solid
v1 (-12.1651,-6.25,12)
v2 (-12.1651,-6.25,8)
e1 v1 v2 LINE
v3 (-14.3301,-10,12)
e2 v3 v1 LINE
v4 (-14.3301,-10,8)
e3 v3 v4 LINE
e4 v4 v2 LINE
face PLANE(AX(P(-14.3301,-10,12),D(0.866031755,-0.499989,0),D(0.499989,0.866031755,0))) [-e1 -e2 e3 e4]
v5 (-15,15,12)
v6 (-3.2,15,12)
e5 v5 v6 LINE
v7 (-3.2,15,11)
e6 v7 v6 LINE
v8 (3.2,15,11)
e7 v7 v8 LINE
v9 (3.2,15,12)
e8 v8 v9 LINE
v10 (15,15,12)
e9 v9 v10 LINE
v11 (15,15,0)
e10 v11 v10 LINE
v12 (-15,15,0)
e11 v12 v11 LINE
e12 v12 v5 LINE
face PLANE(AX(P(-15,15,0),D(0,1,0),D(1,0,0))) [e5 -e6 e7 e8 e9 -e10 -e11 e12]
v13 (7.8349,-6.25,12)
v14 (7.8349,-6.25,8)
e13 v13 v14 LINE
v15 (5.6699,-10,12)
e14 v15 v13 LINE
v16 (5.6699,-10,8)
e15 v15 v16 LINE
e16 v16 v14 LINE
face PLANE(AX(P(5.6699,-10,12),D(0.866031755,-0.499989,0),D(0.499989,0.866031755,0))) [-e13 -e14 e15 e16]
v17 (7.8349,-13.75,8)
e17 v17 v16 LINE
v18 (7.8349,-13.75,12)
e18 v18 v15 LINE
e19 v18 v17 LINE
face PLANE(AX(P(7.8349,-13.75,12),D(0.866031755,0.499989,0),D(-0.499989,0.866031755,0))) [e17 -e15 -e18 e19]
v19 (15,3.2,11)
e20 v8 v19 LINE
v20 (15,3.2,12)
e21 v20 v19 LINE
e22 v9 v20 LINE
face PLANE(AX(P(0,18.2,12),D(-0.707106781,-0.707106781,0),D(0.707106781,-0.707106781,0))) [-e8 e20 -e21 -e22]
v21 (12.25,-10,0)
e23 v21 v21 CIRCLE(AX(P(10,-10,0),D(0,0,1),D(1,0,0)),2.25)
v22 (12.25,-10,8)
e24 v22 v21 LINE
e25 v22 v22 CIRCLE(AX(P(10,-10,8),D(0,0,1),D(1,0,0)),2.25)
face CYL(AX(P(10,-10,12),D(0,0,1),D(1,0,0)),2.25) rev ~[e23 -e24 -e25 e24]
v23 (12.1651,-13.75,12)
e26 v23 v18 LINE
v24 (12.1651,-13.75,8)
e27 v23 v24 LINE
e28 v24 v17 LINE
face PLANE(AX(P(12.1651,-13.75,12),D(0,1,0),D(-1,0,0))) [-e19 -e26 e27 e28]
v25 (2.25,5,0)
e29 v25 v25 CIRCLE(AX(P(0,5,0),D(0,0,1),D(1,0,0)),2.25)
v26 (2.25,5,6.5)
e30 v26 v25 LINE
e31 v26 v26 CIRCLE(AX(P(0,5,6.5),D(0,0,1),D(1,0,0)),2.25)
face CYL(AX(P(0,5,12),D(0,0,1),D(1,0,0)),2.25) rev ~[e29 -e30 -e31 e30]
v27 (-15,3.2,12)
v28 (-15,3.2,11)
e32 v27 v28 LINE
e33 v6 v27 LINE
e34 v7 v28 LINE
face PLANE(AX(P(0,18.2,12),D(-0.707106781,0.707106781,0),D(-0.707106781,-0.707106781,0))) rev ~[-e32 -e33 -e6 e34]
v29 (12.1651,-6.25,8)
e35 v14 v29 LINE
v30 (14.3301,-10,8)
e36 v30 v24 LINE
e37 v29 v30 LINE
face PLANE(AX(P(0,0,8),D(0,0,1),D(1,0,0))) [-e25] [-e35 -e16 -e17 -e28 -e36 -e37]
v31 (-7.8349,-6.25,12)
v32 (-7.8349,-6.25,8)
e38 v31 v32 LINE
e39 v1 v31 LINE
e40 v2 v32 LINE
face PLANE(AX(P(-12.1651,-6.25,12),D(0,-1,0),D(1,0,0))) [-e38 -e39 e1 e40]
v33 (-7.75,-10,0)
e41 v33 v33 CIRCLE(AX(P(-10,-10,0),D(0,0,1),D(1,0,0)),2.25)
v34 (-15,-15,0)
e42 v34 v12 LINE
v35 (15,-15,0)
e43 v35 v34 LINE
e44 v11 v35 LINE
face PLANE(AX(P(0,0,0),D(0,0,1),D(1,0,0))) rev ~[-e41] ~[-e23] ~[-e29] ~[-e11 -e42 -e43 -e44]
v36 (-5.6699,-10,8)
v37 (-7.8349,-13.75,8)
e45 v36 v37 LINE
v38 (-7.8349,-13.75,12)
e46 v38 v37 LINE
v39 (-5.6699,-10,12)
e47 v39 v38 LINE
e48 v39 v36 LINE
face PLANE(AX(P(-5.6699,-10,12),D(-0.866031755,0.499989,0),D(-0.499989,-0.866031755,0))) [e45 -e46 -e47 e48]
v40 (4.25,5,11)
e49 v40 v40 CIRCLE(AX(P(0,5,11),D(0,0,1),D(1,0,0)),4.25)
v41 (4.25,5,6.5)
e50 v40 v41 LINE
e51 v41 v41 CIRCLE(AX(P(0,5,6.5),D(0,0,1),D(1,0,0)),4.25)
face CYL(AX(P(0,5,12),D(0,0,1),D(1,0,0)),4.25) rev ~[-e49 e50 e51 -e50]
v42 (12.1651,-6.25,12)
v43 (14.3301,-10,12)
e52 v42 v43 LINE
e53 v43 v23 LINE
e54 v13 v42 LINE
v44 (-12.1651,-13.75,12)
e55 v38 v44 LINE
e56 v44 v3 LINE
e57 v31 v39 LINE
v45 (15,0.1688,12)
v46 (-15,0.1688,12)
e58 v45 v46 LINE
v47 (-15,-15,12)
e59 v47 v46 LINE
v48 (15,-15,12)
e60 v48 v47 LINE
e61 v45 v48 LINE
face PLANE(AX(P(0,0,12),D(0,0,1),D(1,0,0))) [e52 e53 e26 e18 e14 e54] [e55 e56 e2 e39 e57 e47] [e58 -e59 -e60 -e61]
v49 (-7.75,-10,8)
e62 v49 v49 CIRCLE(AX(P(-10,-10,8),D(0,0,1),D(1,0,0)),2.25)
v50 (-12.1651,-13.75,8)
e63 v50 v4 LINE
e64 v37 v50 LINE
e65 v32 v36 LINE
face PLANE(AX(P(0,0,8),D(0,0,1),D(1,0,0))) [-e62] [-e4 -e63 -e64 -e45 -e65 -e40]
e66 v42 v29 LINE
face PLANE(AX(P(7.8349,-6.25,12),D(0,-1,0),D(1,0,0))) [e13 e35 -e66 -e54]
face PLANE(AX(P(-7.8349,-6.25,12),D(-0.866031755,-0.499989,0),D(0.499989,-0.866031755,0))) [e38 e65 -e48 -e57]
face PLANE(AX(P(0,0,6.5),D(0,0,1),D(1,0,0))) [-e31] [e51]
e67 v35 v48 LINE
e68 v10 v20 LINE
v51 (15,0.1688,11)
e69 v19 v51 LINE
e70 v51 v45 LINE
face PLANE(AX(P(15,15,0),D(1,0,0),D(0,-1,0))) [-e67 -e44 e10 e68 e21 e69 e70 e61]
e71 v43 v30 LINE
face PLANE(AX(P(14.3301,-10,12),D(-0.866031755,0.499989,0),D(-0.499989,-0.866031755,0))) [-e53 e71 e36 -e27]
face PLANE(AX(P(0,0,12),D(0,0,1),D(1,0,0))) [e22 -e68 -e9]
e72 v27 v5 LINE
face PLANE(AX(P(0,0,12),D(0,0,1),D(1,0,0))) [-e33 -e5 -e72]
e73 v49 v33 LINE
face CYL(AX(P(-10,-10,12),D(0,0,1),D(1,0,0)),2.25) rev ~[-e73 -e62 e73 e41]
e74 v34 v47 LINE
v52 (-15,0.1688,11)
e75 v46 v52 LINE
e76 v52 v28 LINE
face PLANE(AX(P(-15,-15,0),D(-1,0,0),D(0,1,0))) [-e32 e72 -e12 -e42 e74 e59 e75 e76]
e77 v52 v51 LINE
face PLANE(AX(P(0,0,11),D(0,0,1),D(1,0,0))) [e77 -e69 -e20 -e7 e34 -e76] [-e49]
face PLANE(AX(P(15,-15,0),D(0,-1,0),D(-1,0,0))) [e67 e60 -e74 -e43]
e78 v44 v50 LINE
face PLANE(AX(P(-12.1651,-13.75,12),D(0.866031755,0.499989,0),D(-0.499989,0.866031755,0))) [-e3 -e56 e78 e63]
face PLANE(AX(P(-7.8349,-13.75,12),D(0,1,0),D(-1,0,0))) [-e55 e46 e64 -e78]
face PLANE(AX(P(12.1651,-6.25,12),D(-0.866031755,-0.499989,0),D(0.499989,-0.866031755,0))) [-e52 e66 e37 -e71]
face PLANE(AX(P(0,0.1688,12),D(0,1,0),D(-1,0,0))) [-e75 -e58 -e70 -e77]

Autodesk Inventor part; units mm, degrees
ref_plane "YZ Plane" through (0, 0, 0) normal (1, 0, 0) x (0, 1, 0)
ref_plane "XZ Plane" through (0, 0, 0) normal (0, 1, 0) x (-1, 0, 0)
ref_plane "XY Plane" through (0, 0, 0) normal (0, 0, 1) x (1, 0, 0)
sketch "Sketch1" plane through (0, 0, 0) normal (0, 0, 1) x (1, 0, 0)
  line L0 (-15, 15) -> (15, 15)
  line L1 (15, 15) -> (15, -15)
  line L2 (15, -15) -> (-15, -15)
  line L3 (-15, -15) -> (-15, 15)
  point P0 (0, 0)
  dimension "d0" = 30
  dimension "d1" = 30
  dimension "d2" = 15
  dimension "d3" = 15
extrude "Extrusion1" add sketch "Sketch1" along normal blind 12
sketch "Sketch2" plane through (0, 0, 12) normal (0, 0, 1) x (1, 0, 0)
  circle A0 centre (0, 5) radius 2.25
  line L0 (15, 15) -> (-15, 15) projected
  dimension "d34" = 4.5
  dimension "d35" = 10
extrude "Extrusion2" cut sketch "Sketch2" against normal blind 12
sketch "Sketch3" plane through (0, 0, 12) normal (0, 0, 1) x (1, 0, 0)
  circle A0 centre (0, 5) radius 4.25
  line L0 (15, 15) -> (-15, 15) projected
  dimension "d32" = 8.5
  dimension "d33" = 10
extrude "Extrusion3" cut sketch "Sketch3" against normal blind 5.5
sketch "Sketch4" plane through (0, 0, 12) normal (0, 0, 1) x (1, 0, 0)
  line L0 (0, 0) -> (0, 18.2)
  line L1 (0, 18.2) -> (-18.0312, 0.1688)
  line L2 (0, 18.2) -> (18.0312, 0.1688)
  line L3 (0, 18.2) -> (25.5, 18.2) construction
  line L4 (18.0312, 0.1688) -> (-18.0312, 0.1688)
  dimension "d12" = 18.2
  dimension "d13" = 25.5
  dimension "d14" = 45
  dimension "d26" = 25.5
  dimension "d27" = 45
extrude "Extrusion4" cut sketch "Sketch4" against normal blind 1
sketch "Sketch5" plane through (0, 0, 12) normal (0, 0, 1) x (1, 0, 0)
  circle A0 centre (10, -10) radius 2.25
  line L0 (-15, -15) -> (15, -15) projected
  line L1 (15, -15) -> (15, 15) projected
  circle A1 centre (-10, -10) radius 2.25
  line L2 (-15, 0.1688) -> (-15, -15) projected
  point P0 (0, 0)
  point P1 (15, 0.3223)
  point P2 (-15, 0.3223)
  dimension "d18" = 4.5
  dimension "d19" = 5
  dimension "d20" = 5
  dimension "d21" = 4.5
  dimension "d22" = 5
  dimension "d23" = 5
extrude "Extrusion5" cut sketch "Sketch5" against normal blind 12
sketch "Sketch6" plane through (0, 0, 12) normal (0, 0, 1) x (1, 0, 0)
  circle A0 centre (-10, -10) radius 2.25 projected
  line L0 (-12.1651, -13.75) -> (-14.3301, -10)
  line L1 (-14.3301, -10) -> (-12.1651, -6.25)
  line L2 (-12.1651, -6.25) -> (-7.8349, -6.25)
  line L3 (-7.8349, -6.25) -> (-5.6699, -10)
  line L4 (-5.6699, -10) -> (-7.8349, -13.75)
  line L5 (-7.8349, -13.75) -> (-12.1651, -13.75)
  circle A1 centre (10, -10) radius 2.25 projected
  line L6 (7.8349, -13.75) -> (5.6699, -10)
  line L7 (5.6699, -10) -> (7.8349, -6.25)
  line L8 (7.8349, -6.25) -> (12.1651, -6.25)
  line L9 (12.1651, -6.25) -> (14.3301, -10)
  line L10 (14.3301, -10) -> (12.1651, -13.75)
  line L11 (12.1651, -13.75) -> (7.8349, -13.75)
  point P0 (0, 0)
  dimension "d28" = 7.5
  dimension "d29" = 7.5
extrude "Extrusion6" cut sketch "Sketch6" against normal blind 4
properties part number "210505 - Prism adapter v3"
